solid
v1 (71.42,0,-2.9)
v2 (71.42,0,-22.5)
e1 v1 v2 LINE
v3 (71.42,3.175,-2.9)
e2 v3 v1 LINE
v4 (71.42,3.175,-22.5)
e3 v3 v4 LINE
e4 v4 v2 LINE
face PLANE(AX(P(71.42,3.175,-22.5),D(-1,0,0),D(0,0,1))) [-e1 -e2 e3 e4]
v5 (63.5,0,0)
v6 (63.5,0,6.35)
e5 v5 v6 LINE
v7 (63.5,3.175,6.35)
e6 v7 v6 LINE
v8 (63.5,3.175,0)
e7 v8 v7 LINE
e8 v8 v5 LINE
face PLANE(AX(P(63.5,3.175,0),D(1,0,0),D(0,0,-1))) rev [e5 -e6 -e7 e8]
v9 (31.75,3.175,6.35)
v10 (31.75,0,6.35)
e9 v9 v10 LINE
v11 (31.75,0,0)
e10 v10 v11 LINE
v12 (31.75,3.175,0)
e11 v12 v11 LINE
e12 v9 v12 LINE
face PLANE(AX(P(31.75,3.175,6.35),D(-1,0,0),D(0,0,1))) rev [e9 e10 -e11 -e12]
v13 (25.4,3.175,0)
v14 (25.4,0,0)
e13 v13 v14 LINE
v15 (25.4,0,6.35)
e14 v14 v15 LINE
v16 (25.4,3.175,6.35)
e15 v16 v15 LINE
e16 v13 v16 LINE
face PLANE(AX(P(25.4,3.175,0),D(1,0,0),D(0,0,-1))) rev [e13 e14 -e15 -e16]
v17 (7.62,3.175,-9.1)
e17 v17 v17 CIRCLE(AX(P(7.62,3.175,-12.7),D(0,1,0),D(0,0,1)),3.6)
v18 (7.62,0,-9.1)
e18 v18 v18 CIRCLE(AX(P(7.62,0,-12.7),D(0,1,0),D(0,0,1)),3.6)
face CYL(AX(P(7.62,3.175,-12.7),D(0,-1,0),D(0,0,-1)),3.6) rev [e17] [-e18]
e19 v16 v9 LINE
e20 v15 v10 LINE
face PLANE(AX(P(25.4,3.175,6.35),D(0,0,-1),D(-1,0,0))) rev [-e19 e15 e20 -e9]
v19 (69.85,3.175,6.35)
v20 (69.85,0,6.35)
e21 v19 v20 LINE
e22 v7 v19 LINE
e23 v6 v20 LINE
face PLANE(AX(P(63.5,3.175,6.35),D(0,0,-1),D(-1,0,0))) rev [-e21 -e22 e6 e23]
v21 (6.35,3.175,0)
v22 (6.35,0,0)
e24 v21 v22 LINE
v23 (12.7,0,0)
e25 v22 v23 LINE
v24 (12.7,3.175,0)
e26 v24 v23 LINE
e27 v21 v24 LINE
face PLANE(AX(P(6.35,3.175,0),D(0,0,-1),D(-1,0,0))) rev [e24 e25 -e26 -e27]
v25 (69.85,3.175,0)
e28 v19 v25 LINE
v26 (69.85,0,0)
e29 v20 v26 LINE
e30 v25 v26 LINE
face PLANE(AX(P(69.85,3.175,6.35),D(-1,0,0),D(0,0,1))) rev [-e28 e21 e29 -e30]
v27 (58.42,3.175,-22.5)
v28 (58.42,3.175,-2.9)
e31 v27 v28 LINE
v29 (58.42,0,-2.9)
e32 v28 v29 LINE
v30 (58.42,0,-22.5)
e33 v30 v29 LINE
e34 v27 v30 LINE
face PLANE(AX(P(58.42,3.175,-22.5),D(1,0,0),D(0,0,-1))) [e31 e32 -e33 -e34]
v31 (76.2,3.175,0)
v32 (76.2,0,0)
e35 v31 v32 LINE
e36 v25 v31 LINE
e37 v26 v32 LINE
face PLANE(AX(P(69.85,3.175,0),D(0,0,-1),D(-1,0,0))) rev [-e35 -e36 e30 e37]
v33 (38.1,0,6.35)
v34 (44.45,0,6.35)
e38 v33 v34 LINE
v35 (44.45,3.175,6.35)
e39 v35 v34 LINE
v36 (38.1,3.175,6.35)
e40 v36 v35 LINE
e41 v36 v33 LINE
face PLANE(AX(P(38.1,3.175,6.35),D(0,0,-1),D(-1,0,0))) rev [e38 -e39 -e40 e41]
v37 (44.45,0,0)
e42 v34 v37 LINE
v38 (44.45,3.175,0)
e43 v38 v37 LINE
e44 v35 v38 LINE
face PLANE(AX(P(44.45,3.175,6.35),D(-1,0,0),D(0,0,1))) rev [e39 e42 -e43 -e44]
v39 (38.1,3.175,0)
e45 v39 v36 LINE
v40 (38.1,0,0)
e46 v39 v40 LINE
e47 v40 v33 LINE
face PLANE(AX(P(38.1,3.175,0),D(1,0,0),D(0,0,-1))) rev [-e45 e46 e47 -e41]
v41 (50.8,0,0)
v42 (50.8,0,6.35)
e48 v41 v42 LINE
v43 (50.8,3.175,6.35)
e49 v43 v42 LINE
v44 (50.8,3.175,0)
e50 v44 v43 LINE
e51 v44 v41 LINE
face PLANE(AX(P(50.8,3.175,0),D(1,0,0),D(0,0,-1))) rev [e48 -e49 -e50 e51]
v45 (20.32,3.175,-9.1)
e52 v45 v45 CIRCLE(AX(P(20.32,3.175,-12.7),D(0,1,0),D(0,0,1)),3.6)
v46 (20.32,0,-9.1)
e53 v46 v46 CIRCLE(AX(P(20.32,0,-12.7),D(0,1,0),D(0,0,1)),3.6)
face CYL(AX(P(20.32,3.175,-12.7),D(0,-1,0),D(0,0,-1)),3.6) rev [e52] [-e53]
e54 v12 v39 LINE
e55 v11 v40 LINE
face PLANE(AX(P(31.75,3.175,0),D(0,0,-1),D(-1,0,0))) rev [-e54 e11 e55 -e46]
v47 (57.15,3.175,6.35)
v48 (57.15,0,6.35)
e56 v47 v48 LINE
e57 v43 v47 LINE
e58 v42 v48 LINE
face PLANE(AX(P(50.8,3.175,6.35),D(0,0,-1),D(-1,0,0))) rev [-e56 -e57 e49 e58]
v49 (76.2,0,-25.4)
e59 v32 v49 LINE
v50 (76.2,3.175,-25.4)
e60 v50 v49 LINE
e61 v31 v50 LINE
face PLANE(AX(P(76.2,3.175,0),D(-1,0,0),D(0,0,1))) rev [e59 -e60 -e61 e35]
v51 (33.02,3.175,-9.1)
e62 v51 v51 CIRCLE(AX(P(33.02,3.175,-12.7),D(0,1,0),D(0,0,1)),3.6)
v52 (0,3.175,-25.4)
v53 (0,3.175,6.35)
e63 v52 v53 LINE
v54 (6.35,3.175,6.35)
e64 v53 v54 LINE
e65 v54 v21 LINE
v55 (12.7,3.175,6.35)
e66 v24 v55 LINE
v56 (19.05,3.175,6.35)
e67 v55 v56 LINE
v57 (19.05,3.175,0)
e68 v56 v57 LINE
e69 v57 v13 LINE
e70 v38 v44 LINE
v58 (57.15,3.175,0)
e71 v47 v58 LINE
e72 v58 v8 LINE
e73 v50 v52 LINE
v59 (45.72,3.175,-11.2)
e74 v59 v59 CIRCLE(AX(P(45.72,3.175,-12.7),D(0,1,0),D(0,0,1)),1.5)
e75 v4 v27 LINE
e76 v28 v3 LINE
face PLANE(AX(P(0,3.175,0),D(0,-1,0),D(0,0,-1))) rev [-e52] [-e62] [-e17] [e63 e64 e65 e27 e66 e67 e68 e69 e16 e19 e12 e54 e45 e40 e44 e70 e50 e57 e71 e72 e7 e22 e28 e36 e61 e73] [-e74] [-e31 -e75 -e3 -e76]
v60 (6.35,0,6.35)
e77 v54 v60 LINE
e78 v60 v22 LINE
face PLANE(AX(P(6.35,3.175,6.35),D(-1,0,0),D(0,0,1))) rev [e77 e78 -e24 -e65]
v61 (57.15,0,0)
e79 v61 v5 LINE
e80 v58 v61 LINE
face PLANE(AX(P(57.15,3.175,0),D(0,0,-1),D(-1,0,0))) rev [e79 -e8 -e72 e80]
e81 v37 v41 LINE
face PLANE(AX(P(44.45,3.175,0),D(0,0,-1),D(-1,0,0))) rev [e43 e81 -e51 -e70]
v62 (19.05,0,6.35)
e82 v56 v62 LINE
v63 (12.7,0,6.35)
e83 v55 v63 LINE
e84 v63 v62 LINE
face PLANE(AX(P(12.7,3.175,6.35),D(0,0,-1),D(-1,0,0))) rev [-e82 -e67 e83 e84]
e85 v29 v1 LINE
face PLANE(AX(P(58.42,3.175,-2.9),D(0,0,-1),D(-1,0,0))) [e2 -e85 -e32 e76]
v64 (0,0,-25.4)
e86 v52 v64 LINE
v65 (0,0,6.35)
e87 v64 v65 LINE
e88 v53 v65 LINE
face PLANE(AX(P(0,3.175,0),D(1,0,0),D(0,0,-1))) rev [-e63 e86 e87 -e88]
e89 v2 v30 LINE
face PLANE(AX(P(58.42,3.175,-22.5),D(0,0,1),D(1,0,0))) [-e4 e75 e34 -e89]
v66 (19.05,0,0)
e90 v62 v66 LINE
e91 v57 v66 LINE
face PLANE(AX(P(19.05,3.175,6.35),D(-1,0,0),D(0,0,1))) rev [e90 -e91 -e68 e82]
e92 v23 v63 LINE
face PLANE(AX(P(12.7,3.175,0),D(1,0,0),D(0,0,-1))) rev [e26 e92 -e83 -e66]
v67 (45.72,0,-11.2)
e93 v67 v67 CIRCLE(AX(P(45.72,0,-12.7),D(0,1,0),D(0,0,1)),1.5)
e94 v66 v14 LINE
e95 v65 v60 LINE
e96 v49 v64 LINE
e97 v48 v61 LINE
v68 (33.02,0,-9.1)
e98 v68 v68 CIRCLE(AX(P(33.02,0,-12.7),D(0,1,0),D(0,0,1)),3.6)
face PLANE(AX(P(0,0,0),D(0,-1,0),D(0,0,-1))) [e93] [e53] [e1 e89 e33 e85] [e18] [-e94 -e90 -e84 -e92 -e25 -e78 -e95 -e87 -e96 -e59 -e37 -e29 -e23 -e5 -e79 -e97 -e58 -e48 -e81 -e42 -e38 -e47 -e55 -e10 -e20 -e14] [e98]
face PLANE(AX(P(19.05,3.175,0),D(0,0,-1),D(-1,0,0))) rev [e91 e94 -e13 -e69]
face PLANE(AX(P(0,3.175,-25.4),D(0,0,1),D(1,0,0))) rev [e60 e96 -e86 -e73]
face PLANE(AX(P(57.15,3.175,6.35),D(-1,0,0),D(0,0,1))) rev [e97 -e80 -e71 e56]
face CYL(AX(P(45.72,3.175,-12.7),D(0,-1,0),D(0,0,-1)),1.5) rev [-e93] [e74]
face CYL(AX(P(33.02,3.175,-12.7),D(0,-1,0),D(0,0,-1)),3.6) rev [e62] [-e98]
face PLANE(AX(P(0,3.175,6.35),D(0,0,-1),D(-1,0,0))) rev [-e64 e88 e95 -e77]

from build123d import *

# Parameters (mm, degrees)
SKETCH1_R           = 3.6
SKETCH1_R_2         = 1.5
SKETCH1_W           = 13
SKETCH1_H           = 19.6
BOSS_EXTRUDE1_DEPTH = 3.175


with BuildPart() as part:
    # Sketch1 → Boss-Extrude1 (new body)
    with BuildSketch(Plane(origin=(0, 0, 0), x_dir=(1, 0, 0), z_dir=(0, 1, 0))):
        Polygon((0, 0), (0, -6.35), (6.35, -6.35), (6.35, 0), (12.7, 0), (12.7, -6.35), (19.05, -6.35), (19.05, 0), (25.4, 0), (25.4, -6.35), (31.75, -6.35), (31.75, 0), (38.1, 0), (38.1, -6.35), (44.45, -6.35), (44.45, 0), (50.8, 0), (50.8, -6.35), (57.15, -6.35), (57.15, 0), (63.5, 0), (63.5, -6.35), (69.85, -6.35), (69.85, 0), (76.2, 0), (76.2, 25.4), (0, 25.4), align=None)
        with Locations(Location((7.62, 12.7, 0), (0, 0, 270))):
            Circle(SKETCH1_R, mode=Mode.SUBTRACT)
        with Locations(Location((20.32, 12.7, 0), (0, 0, 270))):
            Circle(SKETCH1_R, mode=Mode.SUBTRACT)
        with Locations(Location((33.02, 12.7, 0), (0, 0, 270))):
            Circle(SKETCH1_R, mode=Mode.SUBTRACT)
        with Locations(Location((45.72, 12.7, 0), (0, 0, 270))):
            Circle(SKETCH1_R_2, mode=Mode.SUBTRACT)
        with Locations((64.92, 12.7)):
            Rectangle(SKETCH1_W, SKETCH1_H, mode=Mode.SUBTRACT)
    extrude(amount=BOSS_EXTRUDE1_DEPTH)


solid = part.part
